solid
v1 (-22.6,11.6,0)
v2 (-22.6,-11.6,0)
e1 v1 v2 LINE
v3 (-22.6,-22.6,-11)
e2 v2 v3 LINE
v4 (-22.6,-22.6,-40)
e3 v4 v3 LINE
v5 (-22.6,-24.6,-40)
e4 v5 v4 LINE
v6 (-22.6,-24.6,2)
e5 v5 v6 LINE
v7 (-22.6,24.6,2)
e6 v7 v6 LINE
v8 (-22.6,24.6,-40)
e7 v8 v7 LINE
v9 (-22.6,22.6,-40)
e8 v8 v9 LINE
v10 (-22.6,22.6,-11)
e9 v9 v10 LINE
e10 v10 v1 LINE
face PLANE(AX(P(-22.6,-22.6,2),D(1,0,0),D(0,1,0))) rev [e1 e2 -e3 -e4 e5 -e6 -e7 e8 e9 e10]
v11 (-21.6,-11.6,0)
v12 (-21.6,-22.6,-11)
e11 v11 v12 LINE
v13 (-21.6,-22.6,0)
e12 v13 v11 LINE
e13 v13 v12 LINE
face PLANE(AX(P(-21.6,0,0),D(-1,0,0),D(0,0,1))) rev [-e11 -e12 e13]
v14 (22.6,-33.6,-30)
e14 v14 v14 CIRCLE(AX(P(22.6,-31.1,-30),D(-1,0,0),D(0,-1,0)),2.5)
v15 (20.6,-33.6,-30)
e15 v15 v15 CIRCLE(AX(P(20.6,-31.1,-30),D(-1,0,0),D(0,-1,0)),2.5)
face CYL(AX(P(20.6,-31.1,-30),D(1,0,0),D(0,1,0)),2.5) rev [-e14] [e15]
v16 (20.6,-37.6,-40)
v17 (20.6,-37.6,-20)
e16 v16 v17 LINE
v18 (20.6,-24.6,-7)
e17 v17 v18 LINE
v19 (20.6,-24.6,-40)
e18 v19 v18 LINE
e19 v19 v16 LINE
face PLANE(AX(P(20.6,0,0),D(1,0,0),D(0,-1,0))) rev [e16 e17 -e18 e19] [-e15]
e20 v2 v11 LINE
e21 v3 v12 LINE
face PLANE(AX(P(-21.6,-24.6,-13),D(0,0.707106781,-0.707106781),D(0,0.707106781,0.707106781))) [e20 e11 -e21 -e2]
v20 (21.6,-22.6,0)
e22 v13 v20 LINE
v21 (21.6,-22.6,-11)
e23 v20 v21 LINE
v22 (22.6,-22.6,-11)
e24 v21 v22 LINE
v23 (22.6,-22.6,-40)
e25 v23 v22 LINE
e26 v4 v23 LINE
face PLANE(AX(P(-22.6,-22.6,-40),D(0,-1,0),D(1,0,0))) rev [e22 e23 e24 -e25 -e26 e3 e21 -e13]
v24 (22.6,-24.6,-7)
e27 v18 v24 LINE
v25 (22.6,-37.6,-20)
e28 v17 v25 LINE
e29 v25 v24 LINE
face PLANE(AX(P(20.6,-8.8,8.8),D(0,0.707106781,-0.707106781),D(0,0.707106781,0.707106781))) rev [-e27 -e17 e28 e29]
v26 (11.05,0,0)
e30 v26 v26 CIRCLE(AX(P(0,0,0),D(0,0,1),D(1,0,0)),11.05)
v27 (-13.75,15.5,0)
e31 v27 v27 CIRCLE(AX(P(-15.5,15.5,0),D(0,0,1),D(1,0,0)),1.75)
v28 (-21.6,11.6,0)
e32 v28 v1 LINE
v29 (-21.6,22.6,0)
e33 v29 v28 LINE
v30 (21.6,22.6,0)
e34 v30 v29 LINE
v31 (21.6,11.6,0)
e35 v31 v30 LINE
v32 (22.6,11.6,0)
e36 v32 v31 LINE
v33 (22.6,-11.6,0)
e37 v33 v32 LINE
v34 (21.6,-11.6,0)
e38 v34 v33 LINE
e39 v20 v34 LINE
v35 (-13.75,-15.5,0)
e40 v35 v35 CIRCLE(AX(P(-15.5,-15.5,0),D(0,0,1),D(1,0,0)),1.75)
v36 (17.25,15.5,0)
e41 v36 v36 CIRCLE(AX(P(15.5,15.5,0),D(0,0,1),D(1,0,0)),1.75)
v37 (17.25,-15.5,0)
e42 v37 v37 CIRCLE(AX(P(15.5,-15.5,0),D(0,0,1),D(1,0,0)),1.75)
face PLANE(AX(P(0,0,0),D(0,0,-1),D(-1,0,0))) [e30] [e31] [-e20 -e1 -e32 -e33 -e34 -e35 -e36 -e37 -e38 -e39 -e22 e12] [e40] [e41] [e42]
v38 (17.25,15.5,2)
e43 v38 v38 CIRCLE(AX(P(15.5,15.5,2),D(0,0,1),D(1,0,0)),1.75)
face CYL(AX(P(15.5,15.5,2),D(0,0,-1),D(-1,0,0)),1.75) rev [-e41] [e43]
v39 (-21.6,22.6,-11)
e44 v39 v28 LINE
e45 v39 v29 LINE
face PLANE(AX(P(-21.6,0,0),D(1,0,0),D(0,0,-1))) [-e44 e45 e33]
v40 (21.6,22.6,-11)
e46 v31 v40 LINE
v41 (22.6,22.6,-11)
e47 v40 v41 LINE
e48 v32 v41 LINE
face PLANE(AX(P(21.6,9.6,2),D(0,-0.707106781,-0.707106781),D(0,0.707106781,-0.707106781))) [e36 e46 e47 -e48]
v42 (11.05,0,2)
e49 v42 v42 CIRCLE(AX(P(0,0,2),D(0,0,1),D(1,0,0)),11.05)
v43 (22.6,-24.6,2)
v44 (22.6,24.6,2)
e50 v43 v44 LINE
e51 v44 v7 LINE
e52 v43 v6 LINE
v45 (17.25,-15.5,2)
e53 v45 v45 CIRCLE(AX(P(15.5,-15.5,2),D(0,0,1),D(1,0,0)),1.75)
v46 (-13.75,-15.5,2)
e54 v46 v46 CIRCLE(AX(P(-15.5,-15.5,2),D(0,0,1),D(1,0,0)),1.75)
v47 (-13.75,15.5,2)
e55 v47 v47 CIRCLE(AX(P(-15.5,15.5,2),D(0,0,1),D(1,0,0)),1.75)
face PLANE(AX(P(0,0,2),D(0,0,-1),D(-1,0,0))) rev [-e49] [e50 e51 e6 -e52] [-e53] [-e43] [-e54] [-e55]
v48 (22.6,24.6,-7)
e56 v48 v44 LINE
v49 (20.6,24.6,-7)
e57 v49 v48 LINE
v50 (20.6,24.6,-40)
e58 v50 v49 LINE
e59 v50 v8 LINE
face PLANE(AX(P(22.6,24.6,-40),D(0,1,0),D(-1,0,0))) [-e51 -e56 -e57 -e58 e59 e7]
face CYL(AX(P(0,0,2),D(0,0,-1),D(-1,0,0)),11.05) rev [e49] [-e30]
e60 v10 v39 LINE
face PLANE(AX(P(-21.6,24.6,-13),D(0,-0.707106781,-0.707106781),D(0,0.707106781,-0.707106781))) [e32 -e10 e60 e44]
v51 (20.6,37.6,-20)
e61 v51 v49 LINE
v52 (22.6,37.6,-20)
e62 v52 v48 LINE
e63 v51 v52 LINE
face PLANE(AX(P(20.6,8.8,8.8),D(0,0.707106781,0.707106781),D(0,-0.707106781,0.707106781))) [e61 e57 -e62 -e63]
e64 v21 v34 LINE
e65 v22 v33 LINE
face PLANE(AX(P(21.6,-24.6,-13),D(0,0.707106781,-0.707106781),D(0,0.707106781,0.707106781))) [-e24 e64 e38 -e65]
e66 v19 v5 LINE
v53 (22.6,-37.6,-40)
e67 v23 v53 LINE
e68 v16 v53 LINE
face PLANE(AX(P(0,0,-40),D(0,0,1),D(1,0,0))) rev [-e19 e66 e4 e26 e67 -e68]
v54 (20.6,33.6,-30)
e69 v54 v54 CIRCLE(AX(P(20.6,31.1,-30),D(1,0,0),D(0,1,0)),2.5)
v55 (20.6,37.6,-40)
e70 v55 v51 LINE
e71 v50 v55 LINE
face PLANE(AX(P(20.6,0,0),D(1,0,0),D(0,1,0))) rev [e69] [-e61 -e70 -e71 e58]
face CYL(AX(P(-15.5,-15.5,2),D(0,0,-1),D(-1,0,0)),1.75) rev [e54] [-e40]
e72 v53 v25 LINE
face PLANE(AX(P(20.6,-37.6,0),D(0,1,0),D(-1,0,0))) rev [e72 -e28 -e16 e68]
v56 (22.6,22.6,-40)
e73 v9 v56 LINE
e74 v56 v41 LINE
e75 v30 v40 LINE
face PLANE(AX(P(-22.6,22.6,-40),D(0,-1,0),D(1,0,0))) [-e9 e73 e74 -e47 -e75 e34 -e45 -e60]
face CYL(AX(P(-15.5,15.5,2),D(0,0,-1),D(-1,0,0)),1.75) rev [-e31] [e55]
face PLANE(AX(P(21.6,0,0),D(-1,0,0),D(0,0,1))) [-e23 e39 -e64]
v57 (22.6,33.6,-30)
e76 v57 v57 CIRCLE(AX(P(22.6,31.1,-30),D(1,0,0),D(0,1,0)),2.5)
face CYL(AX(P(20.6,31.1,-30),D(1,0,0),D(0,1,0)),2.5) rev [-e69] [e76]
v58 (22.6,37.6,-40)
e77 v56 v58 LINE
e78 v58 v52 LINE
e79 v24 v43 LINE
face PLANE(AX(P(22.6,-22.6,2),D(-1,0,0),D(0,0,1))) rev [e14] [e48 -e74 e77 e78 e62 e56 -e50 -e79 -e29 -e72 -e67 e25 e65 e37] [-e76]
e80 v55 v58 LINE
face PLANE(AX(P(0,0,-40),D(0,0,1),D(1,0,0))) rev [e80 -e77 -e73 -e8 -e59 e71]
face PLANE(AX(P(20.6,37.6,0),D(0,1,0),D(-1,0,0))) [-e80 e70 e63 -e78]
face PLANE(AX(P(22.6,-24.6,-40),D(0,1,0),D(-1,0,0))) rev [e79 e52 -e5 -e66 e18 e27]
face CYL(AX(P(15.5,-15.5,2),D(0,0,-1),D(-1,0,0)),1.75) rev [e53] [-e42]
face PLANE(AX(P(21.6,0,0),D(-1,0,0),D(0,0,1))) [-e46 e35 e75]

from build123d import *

# Parameters (mm, degrees)
SKETCH1_W           = 45.2
SKETCH1_H           = 45.2
SKETCH1_R           = 1.75
SKETCH1_R_2         = 11.05
BOSS_EXTRUDE1_DEPTH = 2
SKETCH3_W           = 45.2
SKETCH3_H           = 2
BOSS_EXTRUDE2_DEPTH = 42
SKETCH4_W           = 20
SKETCH4_H           = 13
SKETCH4_R           = 2.5
BOSS_EXTRUDE3_DEPTH = 2
BOSS_EXTRUDE4_DEPTH = 1
BOSS_EXTRUDE5_DEPTH = 1


with BuildPart() as part:
    # Sketch1 → Boss-Extrude1 (new body)
    with BuildSketch(Plane.XY):
        Rectangle(SKETCH1_W, SKETCH1_H)
        with Locations((-15.5, 15.5)):
            Circle(SKETCH1_R, mode=Mode.SUBTRACT)
        with Locations((15.5, 15.5)):
            Circle(SKETCH1_R, mode=Mode.SUBTRACT)
        with Locations((-15.5, -15.5)):
            Circle(SKETCH1_R, mode=Mode.SUBTRACT)
        with Locations((15.5, -15.5)):
            Circle(SKETCH1_R, mode=Mode.SUBTRACT)
        Circle(SKETCH1_R_2, mode=Mode.SUBTRACT)
    extrude(amount=BOSS_EXTRUDE1_DEPTH)

    # Sketch3 → Boss-Extrude2 (add)
    with BuildSketch(Plane.XY.offset(2)):
        with Locations((0, 23.6)):
            Rectangle(SKETCH3_W, SKETCH3_H)
    boss_extrude2 = extrude(amount=-BOSS_EXTRUDE2_DEPTH)

    # Sketch4 → Boss-Extrude3 (add)
    with BuildSketch(Plane(origin=(22.6, 0, 0), x_dir=(0, 0, -1), z_dir=(1, 0, 0))):
        Polygon((7, 24.6), (20, 24.6), (20, 37.6), align=None)
        with Locations((30, 31.1)):
            Rectangle(SKETCH4_W, SKETCH4_H)
        with Locations((30, 31.1)):
            Circle(SKETCH4_R, mode=Mode.SUBTRACT)
    boss_extrude3 = extrude(amount=-BOSS_EXTRUDE3_DEPTH)

    # Mirror1: Boss-Extrude2, Boss-Extrude3 across plane
    add(boss_extrude2.mirror(Plane.ZX))
    add(boss_extrude3.mirror(Plane.ZX))

    # Sketch5 → Boss-Extrude4 (add)
    with BuildSketch(Plane.ZY.offset(22.6)):
        Polygon((-13, 24.6), (2, 9.6), (2, 24.6), align=None)
        Polygon((-13, -24.6), (2, -9.6), (2, -24.6), align=None)
    extrude(amount=-BOSS_EXTRUDE4_DEPTH)

    # Sketch6 → Boss-Extrude5 (add)
    with BuildSketch(Plane(origin=(22.6, 0, 0), x_dir=(0, 0, -1), z_dir=(1, 0, 0))):
        Polygon((-2, 9.6), (13, 24.6), (-2, 24.6), align=None)
        Polygon((13, -24.6), (-2, -9.6), (-2, -24.6), align=None)
    extrude(amount=-BOSS_EXTRUDE5_DEPTH)


solid = part.part
